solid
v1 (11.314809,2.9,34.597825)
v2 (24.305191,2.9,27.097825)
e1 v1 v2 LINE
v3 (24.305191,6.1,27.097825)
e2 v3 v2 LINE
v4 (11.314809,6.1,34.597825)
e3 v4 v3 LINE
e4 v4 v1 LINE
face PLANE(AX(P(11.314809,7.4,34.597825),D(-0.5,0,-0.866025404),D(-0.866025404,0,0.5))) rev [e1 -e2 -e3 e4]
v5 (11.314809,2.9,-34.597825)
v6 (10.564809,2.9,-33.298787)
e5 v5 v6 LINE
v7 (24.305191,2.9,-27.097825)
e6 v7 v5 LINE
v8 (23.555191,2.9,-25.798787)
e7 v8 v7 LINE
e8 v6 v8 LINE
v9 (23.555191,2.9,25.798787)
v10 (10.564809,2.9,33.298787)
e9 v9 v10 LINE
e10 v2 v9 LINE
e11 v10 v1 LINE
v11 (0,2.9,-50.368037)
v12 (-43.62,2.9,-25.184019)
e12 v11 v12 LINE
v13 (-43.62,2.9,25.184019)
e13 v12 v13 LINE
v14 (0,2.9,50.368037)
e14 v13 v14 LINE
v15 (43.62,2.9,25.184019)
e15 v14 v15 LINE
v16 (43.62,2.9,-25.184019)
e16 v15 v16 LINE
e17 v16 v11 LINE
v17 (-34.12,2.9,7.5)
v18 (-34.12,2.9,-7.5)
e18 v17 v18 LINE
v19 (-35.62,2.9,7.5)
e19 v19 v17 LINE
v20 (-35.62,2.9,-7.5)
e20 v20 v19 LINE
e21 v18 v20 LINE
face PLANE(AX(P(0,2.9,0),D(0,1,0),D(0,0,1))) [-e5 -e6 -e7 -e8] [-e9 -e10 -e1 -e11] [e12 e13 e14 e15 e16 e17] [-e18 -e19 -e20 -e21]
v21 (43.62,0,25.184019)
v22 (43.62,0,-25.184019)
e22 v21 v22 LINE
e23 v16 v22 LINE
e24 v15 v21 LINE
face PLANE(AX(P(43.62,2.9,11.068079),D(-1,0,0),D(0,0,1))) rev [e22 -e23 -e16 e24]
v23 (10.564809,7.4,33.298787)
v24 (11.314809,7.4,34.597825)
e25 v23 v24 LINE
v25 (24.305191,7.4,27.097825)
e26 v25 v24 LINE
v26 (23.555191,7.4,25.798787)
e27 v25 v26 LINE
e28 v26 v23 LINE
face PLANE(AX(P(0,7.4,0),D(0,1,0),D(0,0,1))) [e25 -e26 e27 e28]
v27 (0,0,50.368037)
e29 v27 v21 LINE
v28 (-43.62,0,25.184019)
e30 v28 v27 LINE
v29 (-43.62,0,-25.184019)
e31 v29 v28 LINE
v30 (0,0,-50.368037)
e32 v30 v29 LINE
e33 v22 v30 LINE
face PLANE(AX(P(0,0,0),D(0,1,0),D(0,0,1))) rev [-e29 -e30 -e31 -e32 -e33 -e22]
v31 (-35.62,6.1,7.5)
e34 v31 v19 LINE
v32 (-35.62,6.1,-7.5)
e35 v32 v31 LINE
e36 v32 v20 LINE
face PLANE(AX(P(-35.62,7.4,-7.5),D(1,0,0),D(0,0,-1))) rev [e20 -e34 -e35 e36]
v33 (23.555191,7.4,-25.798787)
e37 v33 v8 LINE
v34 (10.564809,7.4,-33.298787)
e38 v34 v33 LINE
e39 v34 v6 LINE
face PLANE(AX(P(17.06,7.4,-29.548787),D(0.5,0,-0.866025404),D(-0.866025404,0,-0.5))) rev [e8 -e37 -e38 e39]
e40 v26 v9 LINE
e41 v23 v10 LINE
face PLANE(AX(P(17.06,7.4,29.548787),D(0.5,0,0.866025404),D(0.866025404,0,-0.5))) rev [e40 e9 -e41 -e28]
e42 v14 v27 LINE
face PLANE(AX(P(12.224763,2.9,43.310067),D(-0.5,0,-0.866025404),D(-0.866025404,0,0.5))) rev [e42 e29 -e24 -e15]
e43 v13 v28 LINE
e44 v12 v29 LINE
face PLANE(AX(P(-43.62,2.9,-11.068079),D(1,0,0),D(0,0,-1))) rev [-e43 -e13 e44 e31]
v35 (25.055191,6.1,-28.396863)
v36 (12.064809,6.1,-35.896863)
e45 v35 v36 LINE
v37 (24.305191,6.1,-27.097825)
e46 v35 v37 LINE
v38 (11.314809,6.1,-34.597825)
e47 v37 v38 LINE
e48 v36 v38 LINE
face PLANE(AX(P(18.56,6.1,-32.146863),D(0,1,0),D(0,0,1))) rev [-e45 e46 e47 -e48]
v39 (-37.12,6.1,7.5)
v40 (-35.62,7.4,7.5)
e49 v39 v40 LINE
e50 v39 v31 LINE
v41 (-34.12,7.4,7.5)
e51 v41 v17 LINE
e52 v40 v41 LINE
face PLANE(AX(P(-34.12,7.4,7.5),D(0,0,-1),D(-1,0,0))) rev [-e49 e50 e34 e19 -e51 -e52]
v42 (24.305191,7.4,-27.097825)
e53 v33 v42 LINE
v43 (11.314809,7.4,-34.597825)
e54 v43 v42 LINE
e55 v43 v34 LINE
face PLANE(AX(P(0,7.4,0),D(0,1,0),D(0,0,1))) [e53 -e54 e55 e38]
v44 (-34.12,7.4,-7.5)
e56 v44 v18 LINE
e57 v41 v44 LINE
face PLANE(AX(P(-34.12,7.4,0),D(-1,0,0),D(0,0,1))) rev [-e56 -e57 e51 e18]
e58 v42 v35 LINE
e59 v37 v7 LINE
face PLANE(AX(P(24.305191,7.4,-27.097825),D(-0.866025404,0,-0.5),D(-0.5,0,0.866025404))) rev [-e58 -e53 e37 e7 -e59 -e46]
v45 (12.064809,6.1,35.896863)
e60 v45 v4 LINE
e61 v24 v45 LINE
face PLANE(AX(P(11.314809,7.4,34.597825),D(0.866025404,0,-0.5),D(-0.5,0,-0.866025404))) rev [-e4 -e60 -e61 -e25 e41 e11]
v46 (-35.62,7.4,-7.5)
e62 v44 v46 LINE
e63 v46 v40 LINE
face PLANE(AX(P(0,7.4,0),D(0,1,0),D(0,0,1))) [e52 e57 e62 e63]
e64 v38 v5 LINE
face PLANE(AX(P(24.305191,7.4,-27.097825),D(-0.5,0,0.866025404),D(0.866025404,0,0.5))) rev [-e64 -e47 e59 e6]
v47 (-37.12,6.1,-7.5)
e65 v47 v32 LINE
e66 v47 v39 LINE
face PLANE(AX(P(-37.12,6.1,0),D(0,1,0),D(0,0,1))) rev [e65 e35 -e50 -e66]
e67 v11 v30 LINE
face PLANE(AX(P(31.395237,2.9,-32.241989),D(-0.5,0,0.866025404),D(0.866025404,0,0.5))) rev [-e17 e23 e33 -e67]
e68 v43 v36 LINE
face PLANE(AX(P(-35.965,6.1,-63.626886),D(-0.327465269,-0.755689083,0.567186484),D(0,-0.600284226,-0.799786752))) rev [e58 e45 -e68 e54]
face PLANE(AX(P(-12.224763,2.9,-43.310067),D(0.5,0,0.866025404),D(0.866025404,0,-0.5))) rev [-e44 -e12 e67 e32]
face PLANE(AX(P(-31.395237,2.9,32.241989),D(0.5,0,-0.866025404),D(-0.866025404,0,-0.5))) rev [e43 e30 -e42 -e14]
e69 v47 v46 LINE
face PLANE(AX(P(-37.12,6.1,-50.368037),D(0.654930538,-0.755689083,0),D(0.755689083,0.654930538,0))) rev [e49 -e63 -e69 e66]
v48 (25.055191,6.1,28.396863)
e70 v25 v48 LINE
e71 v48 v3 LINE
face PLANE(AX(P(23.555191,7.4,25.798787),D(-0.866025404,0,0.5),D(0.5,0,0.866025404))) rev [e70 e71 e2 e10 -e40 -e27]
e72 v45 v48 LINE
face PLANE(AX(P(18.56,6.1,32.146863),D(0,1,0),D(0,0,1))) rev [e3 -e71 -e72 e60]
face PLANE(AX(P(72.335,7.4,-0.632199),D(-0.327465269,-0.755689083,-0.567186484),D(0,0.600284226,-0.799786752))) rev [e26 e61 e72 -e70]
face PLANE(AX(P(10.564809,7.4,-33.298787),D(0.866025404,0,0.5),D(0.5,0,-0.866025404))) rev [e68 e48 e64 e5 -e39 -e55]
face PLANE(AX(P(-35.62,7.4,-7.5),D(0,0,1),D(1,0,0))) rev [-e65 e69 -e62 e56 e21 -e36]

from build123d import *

# Parameters (mm, degrees)
RESSALTO_EXTRUS_O1_DEPTH  = 2.9
RESSALTO_EXTRUS_O8_DEPTH  = 4.5
ESBO_O11_W                = 15
ESBO_O11_H                = 1.3
RESSALTO_EXTRUS_O12_DEPTH = 1.5
ESBO_O15_W                = 15
ESBO_O15_H                = 1.3
RESSALTO_EXTRUS_O13_DEPTH = 1.5
ESBO_O16_W                = 15
ESBO_O16_H                = 1.3
RESSALTO_EXTRUS_O14_DEPTH = 1.5
CORTE_EXTRUS_O5_DEPTH     = 75.128633488
CORTE_EXTRUS_O8_DEPTH     = 75.128633488
CORTE_EXTRUS_O9_DEPTH     = 73.843490871


with BuildPart() as part:
    # Esboço1 → Ressalto-extrusão1 (new body)
    with BuildSketch(Plane(origin=(0, 0, 0), x_dir=(1, 0, 0), z_dir=(0, 1, 0))):
        Polygon((-43.62, 11.068078609), (-43.62, 25.184018742), (-12.224762753, 43.310067418), (0, 50.368037484), (31.395237247, 32.241988808), (43.62, 25.184018742), (43.62, -11.068078609), (43.62, -25.184018742), (12.224762753, -43.310067418), (0, -50.368037484), (-31.395237247, -32.241988808), (-43.62, -25.184018742), align=None)
    extrude(amount=RESSALTO_EXTRUS_O1_DEPTH)

    # Esboço4 → Ressalto-extrusão8 (add)
    with BuildSketch(Plane(origin=(0, 2.9, 0), x_dir=(1, 0, 0), z_dir=(0, 1, 0))):
        Polygon((-34.12, 0), (-34.12, 7.5), (-35.62, 7.5), (-35.62, -7.5), (-34.12, -7.5), align=None)
        Polygon((17.06, -29.548786777), (10.564809472, -33.298786777), (11.314809472, -34.597824883), (24.305190528, -27.097824883), (23.555190528, -25.798786777), align=None)
        Polygon((17.06, 29.548786777), (23.555190528, 25.798786777), (24.305190528, 27.097824883), (11.314809472, 34.597824883), (10.564809472, 33.298786777), align=None)
    extrude(amount=RESSALTO_EXTRUS_O8_DEPTH)

    # Esboço11 → Ressalto-extrusão12 (add)
    with BuildSketch(Plane.ZY.offset(35.62)):
        with Locations((0, 6.75)):
            Rectangle(ESBO_O11_W, ESBO_O11_H)
    extrude(amount=RESSALTO_EXTRUS_O12_DEPTH)

    # Esboço15 → Ressalto-extrusão13 (add)
    with BuildSketch(Plane(origin=(17.81, 0, 30.847824883), x_dir=(0.8660254037844386, 0, -0.5000000000000001), z_dir=(0.5000000000000001, 0, 0.8660254037844386))):
        with Locations((0, 6.75)):
            Rectangle(ESBO_O15_W, ESBO_O15_H)
    extrude(amount=RESSALTO_EXTRUS_O13_DEPTH)

    # Esboço16 → Ressalto-extrusão14 (add)
    with BuildSketch(Plane(origin=(17.81, 0, -30.847824883), x_dir=(-0.8660254037844386, 0, -0.5000000000000003), z_dir=(0.5000000000000003, 0, -0.8660254037844386))):
        with Locations((0, 6.75)):
            Rectangle(ESBO_O16_W, ESBO_O16_H)
    extrude(amount=RESSALTO_EXTRUS_O14_DEPTH)

    # Esboço17 → Corte-extrusão5 (cut, through all)
    with BuildSketch(Plane(origin=(-6.495190528, 0, 3.75), x_dir=(0.5000000000000064, 0, 0.866025403784435), z_dir=(-0.866025403784435, 0, 0.5000000000000064))):
        Polygon((35.62, 7.4), (37.12, 6.1), (38.522776478, 5.843708375), (38.659652416, 9.391906634), (36.37, 10.122640071), align=None)
    extrude(amount=-CORTE_EXTRUS_O5_DEPTH, mode=Mode.SUBTRACT)

    # Esboço18 → Corte-extrusão8 (cut, through all)
    with BuildSketch(Plane(origin=(6.495190528, 0, 3.75), x_dir=(0.5000000000000058, 0, -0.8660254037844354), z_dir=(0.8660254037844353, 0, 0.5000000000000057))):
        Polygon((35.62, 7.892314529), (37.556003767, 7.892314529), (38.139037221, 7.11493659), (37.685566756, 6.037944237), (37.12, 6.1), (35.62, 7.4), align=None)
    extrude(amount=-CORTE_EXTRUS_O8_DEPTH, mode=Mode.SUBTRACT)

    # Esboço19 → Corte-extrusão9 (cut, through all)
    with BuildSketch(Plane.XY.offset(7.5)):
        Polygon((-35.62, 8.416432615), (-35.62, 7.4), (-37.12, 6.1), (-37.526082167, 5.478521924), (-38.26778421, 5.863821686), (-38.576024021, 7.74215803), align=None)
    extrude(amount=-CORTE_EXTRUS_O9_DEPTH, mode=Mode.SUBTRACT)


solid = part.part
